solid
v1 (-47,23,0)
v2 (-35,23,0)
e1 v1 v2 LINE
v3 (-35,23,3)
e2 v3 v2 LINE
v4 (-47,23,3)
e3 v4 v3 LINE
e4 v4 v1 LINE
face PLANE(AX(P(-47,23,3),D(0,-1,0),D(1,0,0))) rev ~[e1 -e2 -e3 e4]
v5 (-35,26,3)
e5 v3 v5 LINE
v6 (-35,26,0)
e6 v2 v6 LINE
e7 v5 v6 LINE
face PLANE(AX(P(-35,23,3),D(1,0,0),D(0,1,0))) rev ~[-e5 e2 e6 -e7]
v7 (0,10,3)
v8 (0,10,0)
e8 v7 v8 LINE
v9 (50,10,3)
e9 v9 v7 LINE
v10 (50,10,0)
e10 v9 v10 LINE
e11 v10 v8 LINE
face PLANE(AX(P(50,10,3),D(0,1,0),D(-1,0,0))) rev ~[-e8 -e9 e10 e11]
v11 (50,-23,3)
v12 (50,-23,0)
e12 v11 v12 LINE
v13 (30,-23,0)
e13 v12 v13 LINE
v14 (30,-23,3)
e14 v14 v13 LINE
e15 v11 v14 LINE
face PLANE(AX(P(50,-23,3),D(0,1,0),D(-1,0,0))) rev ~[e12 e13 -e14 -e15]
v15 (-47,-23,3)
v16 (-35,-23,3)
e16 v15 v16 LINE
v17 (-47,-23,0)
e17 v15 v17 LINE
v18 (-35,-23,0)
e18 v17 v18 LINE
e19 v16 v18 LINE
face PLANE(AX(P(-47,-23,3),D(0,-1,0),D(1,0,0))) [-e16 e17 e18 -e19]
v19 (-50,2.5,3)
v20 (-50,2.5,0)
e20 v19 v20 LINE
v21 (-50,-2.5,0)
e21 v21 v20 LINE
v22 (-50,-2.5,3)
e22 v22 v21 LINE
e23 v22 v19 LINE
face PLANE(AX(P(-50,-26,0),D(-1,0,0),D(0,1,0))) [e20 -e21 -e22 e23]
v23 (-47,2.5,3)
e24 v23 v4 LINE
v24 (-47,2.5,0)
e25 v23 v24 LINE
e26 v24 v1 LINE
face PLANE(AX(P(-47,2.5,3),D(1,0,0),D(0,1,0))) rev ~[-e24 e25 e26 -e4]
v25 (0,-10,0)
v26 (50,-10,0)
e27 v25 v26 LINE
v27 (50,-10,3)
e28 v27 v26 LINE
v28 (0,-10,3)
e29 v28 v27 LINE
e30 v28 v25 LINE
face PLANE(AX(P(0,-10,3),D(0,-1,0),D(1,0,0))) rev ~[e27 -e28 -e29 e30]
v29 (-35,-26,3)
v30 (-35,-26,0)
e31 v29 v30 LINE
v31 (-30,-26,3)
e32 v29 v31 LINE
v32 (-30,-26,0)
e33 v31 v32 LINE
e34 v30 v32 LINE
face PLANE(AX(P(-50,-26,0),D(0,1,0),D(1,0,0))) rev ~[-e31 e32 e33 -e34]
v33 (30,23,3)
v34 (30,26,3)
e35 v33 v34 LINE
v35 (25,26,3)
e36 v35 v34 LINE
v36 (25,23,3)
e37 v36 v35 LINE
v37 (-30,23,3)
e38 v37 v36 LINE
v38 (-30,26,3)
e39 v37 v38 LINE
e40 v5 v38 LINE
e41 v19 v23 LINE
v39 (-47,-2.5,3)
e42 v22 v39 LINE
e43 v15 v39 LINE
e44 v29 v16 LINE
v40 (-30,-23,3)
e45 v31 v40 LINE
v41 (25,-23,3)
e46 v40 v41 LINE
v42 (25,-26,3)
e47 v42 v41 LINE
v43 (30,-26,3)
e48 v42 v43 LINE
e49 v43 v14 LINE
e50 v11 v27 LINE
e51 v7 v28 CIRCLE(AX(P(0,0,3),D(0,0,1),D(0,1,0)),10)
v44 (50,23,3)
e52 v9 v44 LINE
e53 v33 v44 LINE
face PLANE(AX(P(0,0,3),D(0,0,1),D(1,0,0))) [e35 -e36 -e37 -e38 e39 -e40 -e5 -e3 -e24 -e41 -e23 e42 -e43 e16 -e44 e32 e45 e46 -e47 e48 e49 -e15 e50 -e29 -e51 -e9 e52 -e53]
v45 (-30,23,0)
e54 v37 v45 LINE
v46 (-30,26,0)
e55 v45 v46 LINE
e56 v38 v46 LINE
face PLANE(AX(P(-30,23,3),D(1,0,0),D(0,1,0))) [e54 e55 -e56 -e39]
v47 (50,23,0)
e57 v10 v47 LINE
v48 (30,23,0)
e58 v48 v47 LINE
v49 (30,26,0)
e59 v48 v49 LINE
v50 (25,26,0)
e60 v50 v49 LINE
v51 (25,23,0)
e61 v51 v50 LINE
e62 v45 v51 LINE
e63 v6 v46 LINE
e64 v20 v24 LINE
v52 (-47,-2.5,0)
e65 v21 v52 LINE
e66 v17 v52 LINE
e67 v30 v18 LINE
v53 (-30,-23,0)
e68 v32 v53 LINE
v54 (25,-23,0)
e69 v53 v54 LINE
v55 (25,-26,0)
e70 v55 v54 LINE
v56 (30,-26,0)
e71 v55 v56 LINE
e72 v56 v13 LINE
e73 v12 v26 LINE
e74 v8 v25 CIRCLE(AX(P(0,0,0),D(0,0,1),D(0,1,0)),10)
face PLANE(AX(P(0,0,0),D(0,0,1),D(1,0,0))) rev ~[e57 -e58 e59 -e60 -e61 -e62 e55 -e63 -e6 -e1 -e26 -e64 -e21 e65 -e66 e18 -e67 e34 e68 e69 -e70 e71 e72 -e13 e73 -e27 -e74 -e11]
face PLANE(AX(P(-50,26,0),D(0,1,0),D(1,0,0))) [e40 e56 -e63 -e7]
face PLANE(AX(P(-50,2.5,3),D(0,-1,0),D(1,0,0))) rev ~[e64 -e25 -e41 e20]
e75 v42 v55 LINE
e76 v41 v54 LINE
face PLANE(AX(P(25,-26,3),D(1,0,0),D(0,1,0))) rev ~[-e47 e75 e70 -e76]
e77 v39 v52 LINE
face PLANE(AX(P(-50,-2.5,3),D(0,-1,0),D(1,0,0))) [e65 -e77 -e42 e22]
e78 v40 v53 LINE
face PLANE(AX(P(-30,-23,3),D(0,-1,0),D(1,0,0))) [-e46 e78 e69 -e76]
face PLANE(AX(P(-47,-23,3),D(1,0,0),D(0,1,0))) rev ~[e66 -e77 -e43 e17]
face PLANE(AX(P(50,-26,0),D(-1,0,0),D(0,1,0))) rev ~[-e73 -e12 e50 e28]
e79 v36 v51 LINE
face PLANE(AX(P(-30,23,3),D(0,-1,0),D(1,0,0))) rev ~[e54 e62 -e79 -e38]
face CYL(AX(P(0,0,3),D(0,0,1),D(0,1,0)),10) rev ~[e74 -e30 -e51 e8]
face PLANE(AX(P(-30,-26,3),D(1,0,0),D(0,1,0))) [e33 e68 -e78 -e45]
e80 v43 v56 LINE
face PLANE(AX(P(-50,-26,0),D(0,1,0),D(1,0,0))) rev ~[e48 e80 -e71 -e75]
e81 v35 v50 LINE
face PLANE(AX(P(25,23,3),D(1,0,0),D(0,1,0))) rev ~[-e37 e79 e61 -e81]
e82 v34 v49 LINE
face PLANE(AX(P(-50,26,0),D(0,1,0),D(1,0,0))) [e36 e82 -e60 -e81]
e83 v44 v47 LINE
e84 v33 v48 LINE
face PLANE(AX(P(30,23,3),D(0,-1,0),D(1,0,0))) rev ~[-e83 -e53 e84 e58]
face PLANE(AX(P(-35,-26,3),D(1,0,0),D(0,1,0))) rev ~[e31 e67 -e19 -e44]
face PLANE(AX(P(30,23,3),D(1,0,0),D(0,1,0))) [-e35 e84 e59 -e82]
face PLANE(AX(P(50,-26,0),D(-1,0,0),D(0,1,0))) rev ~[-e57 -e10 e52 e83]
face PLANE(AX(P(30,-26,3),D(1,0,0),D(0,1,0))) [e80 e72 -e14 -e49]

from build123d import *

# Parameters (mm, degrees)
F0_W     = 100
F0_H     = 52
F1_DEPTH = 3
F3_W     = 12
F3_H     = 3
F3_W_2   = 3
F3_H_2   = 20.5
F3_W_3   = 55
F3_W_4   = 17
F4_DEPTH = 3.001
F6_DEPTH = 3.001


with BuildPart() as f1:
    # F0 (on Top) → F1 (new body)
    with BuildSketch(Plane.XY):
        Rectangle(F0_W, F0_H)
    extrude(amount=F1_DEPTH)

    # F3 (on face) → F4 (cut, through all)
    with BuildSketch(Plane.XY.offset(3)):
        with Locations((-41, 24.5)):
            Rectangle(F3_W, F3_H)
        with Locations((-48.5, 24.5)):
            Rectangle(F3_W_2, F3_H)
        with Locations((-48.5, 12.75)):
            Rectangle(F3_W_2, F3_H_2)
        with Locations((-48.5, -12.75)):
            Rectangle(F3_W_2, F3_H_2)
        with Locations((-48.5, -24.5)):
            Rectangle(F3_W_2, F3_H)
        with Locations((-41, -24.5)):
            Rectangle(F3_W, F3_H)
        with Locations((-2.5, -24.5)):
            Rectangle(F3_W_3, F3_H)
        with Locations((38.5, -24.5)):
            Rectangle(F3_W_4, F3_H)
        with Locations((48.5, -24.5)):
            Rectangle(F3_W_2, F3_H)
        with Locations((48.5, 24.5)):
            Rectangle(F3_W_2, F3_H)
        with Locations((38.5, 24.5)):
            Rectangle(F3_W_4, F3_H)
        with Locations((-2.5, 24.5)):
            Rectangle(F3_W_3, F3_H)
    extrude(amount=-F4_DEPTH, mode=Mode.SUBTRACT)

    # F5 (on face) → F6 (cut, through all)
    with BuildSketch(Plane.XY.offset(3)):
        with BuildLine():
            ThreePointArc((0, -10), (7.071068, -7.071068), (10, 0))
            ThreePointArc((10, 0), (7.071068, 7.071068), (0, 10))
            ThreePointArc((0, 10), (-10, 0), (0, -10))
        make_face()
        with BuildLine():
            ThreePointArc((0, 10), (7.071068, 7.071068), (10, 0))
            ThreePointArc((10, 0), (7.071068, -7.071068), (0, -10))
            Line((0, -10), (50, -10))
            Line((50, -10), (50, 10))
            Line((50, 10), (0, 10))
        make_face()
    extrude(amount=-F6_DEPTH, mode=Mode.SUBTRACT)


solid = f1.part
